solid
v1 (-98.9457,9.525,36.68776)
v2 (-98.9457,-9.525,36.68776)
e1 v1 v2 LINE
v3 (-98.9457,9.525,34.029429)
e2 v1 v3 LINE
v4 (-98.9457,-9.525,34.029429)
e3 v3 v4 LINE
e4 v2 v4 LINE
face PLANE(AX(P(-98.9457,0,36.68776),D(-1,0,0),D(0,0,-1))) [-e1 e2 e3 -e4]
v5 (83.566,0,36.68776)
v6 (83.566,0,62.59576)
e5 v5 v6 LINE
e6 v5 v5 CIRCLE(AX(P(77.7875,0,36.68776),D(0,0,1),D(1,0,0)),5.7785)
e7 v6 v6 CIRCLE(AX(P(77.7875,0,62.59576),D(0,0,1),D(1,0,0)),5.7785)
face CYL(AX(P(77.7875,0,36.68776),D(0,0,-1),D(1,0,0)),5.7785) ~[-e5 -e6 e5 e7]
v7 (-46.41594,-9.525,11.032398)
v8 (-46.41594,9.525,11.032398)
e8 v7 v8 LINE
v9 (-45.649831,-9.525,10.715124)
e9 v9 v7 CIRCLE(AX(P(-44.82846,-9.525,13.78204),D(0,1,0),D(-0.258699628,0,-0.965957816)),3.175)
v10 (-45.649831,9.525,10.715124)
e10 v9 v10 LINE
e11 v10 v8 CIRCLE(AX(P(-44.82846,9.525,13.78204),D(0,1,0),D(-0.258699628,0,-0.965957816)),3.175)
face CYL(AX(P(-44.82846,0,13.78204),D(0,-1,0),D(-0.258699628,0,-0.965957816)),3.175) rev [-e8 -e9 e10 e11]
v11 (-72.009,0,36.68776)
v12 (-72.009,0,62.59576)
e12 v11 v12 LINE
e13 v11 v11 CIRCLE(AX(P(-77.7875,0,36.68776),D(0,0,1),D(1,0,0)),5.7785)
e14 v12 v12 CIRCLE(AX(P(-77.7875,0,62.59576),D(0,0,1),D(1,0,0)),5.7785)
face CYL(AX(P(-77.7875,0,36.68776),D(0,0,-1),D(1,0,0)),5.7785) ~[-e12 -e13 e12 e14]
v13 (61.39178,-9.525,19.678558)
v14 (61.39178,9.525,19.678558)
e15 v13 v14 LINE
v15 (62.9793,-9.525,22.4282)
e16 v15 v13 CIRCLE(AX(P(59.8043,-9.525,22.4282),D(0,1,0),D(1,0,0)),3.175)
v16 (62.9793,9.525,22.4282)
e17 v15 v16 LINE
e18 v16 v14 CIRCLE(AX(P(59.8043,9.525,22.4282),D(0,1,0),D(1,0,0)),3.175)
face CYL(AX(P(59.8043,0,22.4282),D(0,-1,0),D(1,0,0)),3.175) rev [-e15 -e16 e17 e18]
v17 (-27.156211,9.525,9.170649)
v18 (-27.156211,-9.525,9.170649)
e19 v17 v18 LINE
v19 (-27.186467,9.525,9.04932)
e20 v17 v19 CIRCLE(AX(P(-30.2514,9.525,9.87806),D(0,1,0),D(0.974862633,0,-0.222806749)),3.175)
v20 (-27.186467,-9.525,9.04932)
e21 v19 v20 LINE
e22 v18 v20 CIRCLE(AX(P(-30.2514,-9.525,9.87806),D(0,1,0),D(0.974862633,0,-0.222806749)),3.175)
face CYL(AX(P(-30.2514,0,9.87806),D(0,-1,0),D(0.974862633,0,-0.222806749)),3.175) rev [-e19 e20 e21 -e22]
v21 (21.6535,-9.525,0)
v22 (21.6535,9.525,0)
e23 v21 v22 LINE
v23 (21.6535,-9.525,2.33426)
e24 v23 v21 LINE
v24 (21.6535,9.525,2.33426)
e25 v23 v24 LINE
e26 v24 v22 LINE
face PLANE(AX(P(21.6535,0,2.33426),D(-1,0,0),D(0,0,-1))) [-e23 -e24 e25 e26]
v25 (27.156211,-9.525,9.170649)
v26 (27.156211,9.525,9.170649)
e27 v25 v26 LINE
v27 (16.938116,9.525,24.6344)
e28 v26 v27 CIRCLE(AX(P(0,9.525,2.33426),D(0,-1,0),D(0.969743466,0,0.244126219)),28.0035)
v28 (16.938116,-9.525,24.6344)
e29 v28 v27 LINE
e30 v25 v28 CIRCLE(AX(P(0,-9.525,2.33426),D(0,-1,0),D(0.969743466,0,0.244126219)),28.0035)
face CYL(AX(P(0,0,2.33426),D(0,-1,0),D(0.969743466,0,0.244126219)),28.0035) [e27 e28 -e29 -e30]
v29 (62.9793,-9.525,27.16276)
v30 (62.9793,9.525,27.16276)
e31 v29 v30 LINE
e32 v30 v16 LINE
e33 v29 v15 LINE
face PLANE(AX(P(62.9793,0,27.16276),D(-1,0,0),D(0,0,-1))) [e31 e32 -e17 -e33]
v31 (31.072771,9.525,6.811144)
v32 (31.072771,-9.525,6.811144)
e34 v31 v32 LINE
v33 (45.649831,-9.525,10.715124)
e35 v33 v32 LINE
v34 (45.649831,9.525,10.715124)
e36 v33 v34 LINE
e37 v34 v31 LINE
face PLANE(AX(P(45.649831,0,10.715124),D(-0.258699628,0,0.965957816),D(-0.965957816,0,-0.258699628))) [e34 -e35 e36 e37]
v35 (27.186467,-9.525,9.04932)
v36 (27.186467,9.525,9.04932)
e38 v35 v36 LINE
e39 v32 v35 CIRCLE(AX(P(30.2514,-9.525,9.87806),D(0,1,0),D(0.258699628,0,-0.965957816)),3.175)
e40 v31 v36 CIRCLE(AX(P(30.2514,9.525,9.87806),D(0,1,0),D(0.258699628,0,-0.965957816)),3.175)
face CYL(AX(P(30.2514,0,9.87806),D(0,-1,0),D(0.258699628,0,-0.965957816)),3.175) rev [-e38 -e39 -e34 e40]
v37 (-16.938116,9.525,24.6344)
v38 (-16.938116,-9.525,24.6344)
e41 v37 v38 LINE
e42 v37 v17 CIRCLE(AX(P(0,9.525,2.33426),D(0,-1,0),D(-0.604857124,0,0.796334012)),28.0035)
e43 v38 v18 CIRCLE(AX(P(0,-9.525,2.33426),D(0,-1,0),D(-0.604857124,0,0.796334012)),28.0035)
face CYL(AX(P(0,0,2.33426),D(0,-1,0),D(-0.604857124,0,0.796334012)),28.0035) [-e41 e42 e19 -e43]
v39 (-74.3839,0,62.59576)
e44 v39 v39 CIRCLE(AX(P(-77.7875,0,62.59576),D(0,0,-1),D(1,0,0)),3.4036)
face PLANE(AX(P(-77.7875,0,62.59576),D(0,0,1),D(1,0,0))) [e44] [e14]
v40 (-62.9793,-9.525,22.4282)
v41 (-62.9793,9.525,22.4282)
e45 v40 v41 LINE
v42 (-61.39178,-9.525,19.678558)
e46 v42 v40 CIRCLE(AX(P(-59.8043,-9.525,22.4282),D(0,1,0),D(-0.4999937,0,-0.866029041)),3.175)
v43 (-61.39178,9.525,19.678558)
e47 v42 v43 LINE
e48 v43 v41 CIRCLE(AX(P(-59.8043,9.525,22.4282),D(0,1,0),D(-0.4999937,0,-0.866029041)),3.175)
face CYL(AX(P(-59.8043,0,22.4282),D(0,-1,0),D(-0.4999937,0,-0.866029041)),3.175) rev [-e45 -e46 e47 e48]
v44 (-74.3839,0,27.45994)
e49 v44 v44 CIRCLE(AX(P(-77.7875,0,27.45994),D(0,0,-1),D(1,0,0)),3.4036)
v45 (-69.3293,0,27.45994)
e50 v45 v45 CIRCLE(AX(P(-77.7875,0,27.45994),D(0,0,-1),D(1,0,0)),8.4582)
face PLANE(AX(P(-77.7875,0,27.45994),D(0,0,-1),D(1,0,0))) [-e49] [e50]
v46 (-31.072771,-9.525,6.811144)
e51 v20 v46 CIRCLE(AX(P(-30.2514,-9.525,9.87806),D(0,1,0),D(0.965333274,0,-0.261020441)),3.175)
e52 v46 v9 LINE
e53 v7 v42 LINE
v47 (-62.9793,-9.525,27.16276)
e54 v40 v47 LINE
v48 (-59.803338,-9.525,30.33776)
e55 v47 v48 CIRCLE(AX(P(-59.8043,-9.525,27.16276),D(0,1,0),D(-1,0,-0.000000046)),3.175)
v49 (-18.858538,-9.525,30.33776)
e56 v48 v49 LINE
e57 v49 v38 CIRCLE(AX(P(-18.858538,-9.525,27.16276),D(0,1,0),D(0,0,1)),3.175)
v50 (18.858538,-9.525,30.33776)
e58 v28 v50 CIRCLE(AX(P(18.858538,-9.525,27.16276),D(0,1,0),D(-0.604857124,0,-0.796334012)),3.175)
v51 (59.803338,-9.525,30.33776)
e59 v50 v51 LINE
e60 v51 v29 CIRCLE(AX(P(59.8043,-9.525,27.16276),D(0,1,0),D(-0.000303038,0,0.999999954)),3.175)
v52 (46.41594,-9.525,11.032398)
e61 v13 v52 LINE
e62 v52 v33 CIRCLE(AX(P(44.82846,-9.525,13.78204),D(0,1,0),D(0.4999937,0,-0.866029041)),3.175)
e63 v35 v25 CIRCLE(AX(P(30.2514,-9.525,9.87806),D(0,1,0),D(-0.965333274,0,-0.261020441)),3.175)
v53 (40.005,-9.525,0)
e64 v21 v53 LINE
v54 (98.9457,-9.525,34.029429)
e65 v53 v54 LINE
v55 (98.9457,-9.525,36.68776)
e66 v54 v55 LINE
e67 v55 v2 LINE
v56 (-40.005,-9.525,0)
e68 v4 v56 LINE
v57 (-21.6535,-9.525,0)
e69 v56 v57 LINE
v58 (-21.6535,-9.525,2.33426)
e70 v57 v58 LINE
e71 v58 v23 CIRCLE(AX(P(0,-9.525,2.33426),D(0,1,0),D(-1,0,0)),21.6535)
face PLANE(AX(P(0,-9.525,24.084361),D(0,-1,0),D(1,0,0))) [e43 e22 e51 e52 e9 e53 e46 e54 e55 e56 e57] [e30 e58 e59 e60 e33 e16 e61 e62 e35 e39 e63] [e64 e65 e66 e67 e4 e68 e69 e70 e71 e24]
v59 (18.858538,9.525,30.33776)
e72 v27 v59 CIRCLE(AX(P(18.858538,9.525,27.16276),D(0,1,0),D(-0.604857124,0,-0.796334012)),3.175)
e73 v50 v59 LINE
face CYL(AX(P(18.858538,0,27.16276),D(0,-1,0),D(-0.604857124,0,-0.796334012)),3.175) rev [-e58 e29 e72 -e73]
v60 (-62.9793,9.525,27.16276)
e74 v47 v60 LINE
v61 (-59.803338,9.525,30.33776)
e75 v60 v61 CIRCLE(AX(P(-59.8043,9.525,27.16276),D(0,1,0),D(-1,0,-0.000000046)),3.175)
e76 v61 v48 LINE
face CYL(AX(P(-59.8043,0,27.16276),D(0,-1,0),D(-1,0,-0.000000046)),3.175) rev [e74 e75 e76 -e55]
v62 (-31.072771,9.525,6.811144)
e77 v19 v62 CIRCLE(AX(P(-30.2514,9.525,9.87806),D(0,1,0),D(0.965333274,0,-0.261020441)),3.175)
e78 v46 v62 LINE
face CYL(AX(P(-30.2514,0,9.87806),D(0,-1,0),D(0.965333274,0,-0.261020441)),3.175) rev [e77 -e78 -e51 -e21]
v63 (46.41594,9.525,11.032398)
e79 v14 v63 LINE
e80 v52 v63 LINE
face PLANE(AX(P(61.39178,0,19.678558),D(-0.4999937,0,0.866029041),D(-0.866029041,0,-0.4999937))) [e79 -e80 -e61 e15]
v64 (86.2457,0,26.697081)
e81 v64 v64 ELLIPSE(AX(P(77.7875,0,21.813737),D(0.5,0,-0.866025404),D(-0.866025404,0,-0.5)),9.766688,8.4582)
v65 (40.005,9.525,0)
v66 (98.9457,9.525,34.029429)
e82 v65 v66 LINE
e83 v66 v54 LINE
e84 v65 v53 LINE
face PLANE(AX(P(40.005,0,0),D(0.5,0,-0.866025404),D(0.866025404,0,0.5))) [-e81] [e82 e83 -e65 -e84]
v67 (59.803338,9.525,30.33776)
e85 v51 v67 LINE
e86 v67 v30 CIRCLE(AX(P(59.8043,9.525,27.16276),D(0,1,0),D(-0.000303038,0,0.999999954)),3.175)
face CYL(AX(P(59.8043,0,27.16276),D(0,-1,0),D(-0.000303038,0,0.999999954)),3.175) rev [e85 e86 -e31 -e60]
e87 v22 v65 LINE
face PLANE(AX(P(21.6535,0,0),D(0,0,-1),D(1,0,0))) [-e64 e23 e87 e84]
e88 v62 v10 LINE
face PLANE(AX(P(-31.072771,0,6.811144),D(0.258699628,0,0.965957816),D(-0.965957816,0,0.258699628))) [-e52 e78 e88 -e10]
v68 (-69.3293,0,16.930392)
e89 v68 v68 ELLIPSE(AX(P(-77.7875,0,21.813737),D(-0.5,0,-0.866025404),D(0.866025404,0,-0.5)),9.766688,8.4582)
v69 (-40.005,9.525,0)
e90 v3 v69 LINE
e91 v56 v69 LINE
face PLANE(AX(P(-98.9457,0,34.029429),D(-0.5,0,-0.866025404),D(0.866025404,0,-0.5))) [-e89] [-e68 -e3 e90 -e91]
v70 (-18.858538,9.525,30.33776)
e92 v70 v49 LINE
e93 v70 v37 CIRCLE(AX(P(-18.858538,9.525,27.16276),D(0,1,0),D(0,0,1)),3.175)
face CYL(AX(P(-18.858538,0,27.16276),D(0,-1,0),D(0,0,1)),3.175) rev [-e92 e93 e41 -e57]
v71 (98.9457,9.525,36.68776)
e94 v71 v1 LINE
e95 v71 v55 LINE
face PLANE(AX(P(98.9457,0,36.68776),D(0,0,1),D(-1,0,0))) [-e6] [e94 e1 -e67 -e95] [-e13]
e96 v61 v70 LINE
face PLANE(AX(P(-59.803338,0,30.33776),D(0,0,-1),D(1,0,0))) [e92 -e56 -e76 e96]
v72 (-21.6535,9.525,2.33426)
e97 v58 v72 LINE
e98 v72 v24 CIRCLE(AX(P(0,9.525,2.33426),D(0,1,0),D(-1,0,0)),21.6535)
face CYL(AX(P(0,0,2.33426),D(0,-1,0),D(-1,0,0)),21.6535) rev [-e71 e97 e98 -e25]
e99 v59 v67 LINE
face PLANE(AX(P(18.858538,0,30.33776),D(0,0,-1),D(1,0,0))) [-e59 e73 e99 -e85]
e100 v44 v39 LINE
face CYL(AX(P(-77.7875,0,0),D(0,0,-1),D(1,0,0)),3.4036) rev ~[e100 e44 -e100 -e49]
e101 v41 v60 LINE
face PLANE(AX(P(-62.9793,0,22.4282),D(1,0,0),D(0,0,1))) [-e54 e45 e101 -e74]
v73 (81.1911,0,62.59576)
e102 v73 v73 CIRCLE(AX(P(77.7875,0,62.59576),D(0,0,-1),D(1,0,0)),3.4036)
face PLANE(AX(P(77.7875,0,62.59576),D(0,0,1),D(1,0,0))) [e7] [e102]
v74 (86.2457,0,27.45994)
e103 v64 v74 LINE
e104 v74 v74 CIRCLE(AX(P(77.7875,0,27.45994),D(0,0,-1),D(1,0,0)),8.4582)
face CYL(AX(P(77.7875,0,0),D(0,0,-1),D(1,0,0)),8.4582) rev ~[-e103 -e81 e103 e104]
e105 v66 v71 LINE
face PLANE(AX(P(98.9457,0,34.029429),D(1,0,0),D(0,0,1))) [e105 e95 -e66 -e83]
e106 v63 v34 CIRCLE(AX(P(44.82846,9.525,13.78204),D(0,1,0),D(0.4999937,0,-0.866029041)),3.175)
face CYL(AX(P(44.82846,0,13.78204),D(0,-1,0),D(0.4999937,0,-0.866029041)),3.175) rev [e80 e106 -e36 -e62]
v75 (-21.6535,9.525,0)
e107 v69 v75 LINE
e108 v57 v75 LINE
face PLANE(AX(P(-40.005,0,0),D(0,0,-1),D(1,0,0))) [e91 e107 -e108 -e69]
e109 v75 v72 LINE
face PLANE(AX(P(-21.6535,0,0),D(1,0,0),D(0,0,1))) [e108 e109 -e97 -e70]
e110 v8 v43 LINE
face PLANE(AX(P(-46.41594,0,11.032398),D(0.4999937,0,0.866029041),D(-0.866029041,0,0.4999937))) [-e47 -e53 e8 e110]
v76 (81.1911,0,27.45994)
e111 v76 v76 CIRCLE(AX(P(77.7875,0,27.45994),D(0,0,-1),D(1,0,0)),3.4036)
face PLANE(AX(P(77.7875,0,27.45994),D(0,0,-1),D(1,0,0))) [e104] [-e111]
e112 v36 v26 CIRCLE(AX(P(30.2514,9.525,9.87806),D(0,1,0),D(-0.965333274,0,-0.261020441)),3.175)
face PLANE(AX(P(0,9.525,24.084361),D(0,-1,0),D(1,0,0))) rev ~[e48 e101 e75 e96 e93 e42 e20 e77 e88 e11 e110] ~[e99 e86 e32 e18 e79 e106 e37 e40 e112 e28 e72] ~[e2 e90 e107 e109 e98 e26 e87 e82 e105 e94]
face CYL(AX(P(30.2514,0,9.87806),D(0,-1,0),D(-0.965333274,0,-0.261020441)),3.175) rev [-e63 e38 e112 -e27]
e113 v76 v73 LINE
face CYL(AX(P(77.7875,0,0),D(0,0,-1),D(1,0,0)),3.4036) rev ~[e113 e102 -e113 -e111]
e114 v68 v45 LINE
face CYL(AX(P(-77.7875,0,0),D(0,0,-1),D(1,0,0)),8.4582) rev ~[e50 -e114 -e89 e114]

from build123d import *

# Parameters (mm, degrees)
F1_DEPTH = 9.525
F3_R     = 8.4582
F4_DEPTH = 27.45994
F6_R     = 5.7785
F7_DEPTH = 25.908
F8_R     = 3.4036
F9_DEPTH = 76.2


with BuildPart() as f1:
    # F0 (on Front) → F1 (new body, symmetric)
    with BuildSketch(Plane.XZ):
        with BuildLine():
            Line((21.6535, 0), (40.005, 0))
            Line((40.005, 0), (98.9457, 34.0294290112))
            Line((98.9457, 34.0294290112), (98.9457, 36.68776))
            Line((98.9457, 36.68776), (-98.9457, 36.68776))
            Line((-98.9457, 36.68776), (-98.9457, 34.0294290112))
            Line((-98.9457, 34.0294290112), (-40.005, 0))
            Line((-40.005, 0), (-21.6535, 0))
            Line((-21.6535, 0), (-21.6535, 2.33426))
            ThreePointArc((-21.6535, 2.33426), (0, 23.98776), (21.6535, 2.33426))
            Line((21.6535, 2.33426), (21.6535, 0))
        make_face()
        with BuildLine():
            Line((-59.8033378542, 30.33776), (-18.8585378542, 30.33776))
            ThreePointArc((-18.8585378542, 30.33776), (-15.8495372268, 28.1759432135), (-16.9381164842, 24.6343995112))
            ThreePointArc((-16.9381164842, 24.6343995112), (-23.3636326477, 17.7724166824), (-27.1562111419, 9.170648569))
            ThreePointArc((-27.1562111419, 9.170648569), (-27.1707416417, 9.1098353716), (-27.1864668557, 9.0493201004))
            ThreePointArc((-27.1864668557, 9.0493201004), (-28.6668651927, 7.1267195186), (-31.072771318, 6.8111439337))
            Line((-31.072771318, 6.8111439337), (-45.649831318, 10.7151239337))
            ThreePointArc((-45.649831318, 10.7151239337), (-46.0432879059, 10.848642966), (-46.4159399977, 11.0323977948))
            Line((-46.4159399977, 11.0323977948), (-61.3917799977, 19.6785577948))
            ThreePointArc((-61.3917799977, 19.6785577948), (-62.5539248829, 20.8406899989), (-62.9793, 22.4282))
            Line((-62.9793, 22.4282), (-62.9793, 27.16276))
            ThreePointArc((-62.9793, 27.16276), (-62.0490238861, 29.4081642686), (-59.8033378542, 30.33776))
        make_face(mode=Mode.SUBTRACT)
        with BuildLine():
            ThreePointArc((31.072771318, 6.8111439337), (28.6668651927, 7.1267195186), (27.1864668557, 9.0493201004))
            ThreePointArc((27.1864668557, 9.0493201004), (27.1707416417, 9.1098353716), (27.1562111419, 9.170648569))
            ThreePointArc((27.1562111419, 9.170648569), (23.3636326477, 17.7724166824), (16.9381164842, 24.6343995112))
            ThreePointArc((16.9381164842, 24.6343995112), (15.8495372268, 28.1759432135), (18.8585378542, 30.33776))
            Line((18.8585378542, 30.33776), (59.8033378542, 30.33776))
            ThreePointArc((59.8033378542, 30.33776), (62.0490238861, 29.4081642686), (62.9793, 27.16276))
            Line((62.9793, 27.16276), (62.9793, 22.4282))
            ThreePointArc((62.9793, 22.4282), (62.5539248829, 20.8406899989), (61.3917799977, 19.6785577948))
            Line((61.3917799977, 19.6785577948), (46.4159399977, 11.0323977948))
            ThreePointArc((46.4159399977, 11.0323977948), (46.0432879059, 10.848642966), (45.649831318, 10.7151239337))
            Line((45.649831318, 10.7151239337), (31.072771318, 6.8111439337))
        make_face(mode=Mode.SUBTRACT)
    extrude(amount=F1_DEPTH, both=True)

    # F3 (on offset) → F4 (cut)
    with BuildSketch(Plane(origin=(0, 0, 0), x_dir=(1, 0, 0), z_dir=(0, 0, -1))):
        with Locations((-77.7875, 0)):
            Circle(F3_R)
        with Locations((77.7875, 0)):
            Circle(F3_R)
    extrude(amount=-F4_DEPTH, mode=Mode.SUBTRACT)

    # F6 (on offset) → F7 (join)
    with BuildSketch(Plane.XY.offset(36.68776)):
        with Locations((-77.7875, 0)):
            Circle(F6_R)
        with Locations((77.7875, 0)):
            Circle(F6_R)
    extrude(amount=F7_DEPTH)

    # F8 (on offset) → F9 (cut)
    with BuildSketch(Plane(origin=(0, 0, 0), x_dir=(1, 0, 0), z_dir=(0, 0, -1))):
        with Locations((-77.7875, 0)):
            Circle(F8_R)
        with Locations((77.7875, 0)):
            Circle(F8_R)
    extrude(amount=-F9_DEPTH, mode=Mode.SUBTRACT)


solid = f1.part
